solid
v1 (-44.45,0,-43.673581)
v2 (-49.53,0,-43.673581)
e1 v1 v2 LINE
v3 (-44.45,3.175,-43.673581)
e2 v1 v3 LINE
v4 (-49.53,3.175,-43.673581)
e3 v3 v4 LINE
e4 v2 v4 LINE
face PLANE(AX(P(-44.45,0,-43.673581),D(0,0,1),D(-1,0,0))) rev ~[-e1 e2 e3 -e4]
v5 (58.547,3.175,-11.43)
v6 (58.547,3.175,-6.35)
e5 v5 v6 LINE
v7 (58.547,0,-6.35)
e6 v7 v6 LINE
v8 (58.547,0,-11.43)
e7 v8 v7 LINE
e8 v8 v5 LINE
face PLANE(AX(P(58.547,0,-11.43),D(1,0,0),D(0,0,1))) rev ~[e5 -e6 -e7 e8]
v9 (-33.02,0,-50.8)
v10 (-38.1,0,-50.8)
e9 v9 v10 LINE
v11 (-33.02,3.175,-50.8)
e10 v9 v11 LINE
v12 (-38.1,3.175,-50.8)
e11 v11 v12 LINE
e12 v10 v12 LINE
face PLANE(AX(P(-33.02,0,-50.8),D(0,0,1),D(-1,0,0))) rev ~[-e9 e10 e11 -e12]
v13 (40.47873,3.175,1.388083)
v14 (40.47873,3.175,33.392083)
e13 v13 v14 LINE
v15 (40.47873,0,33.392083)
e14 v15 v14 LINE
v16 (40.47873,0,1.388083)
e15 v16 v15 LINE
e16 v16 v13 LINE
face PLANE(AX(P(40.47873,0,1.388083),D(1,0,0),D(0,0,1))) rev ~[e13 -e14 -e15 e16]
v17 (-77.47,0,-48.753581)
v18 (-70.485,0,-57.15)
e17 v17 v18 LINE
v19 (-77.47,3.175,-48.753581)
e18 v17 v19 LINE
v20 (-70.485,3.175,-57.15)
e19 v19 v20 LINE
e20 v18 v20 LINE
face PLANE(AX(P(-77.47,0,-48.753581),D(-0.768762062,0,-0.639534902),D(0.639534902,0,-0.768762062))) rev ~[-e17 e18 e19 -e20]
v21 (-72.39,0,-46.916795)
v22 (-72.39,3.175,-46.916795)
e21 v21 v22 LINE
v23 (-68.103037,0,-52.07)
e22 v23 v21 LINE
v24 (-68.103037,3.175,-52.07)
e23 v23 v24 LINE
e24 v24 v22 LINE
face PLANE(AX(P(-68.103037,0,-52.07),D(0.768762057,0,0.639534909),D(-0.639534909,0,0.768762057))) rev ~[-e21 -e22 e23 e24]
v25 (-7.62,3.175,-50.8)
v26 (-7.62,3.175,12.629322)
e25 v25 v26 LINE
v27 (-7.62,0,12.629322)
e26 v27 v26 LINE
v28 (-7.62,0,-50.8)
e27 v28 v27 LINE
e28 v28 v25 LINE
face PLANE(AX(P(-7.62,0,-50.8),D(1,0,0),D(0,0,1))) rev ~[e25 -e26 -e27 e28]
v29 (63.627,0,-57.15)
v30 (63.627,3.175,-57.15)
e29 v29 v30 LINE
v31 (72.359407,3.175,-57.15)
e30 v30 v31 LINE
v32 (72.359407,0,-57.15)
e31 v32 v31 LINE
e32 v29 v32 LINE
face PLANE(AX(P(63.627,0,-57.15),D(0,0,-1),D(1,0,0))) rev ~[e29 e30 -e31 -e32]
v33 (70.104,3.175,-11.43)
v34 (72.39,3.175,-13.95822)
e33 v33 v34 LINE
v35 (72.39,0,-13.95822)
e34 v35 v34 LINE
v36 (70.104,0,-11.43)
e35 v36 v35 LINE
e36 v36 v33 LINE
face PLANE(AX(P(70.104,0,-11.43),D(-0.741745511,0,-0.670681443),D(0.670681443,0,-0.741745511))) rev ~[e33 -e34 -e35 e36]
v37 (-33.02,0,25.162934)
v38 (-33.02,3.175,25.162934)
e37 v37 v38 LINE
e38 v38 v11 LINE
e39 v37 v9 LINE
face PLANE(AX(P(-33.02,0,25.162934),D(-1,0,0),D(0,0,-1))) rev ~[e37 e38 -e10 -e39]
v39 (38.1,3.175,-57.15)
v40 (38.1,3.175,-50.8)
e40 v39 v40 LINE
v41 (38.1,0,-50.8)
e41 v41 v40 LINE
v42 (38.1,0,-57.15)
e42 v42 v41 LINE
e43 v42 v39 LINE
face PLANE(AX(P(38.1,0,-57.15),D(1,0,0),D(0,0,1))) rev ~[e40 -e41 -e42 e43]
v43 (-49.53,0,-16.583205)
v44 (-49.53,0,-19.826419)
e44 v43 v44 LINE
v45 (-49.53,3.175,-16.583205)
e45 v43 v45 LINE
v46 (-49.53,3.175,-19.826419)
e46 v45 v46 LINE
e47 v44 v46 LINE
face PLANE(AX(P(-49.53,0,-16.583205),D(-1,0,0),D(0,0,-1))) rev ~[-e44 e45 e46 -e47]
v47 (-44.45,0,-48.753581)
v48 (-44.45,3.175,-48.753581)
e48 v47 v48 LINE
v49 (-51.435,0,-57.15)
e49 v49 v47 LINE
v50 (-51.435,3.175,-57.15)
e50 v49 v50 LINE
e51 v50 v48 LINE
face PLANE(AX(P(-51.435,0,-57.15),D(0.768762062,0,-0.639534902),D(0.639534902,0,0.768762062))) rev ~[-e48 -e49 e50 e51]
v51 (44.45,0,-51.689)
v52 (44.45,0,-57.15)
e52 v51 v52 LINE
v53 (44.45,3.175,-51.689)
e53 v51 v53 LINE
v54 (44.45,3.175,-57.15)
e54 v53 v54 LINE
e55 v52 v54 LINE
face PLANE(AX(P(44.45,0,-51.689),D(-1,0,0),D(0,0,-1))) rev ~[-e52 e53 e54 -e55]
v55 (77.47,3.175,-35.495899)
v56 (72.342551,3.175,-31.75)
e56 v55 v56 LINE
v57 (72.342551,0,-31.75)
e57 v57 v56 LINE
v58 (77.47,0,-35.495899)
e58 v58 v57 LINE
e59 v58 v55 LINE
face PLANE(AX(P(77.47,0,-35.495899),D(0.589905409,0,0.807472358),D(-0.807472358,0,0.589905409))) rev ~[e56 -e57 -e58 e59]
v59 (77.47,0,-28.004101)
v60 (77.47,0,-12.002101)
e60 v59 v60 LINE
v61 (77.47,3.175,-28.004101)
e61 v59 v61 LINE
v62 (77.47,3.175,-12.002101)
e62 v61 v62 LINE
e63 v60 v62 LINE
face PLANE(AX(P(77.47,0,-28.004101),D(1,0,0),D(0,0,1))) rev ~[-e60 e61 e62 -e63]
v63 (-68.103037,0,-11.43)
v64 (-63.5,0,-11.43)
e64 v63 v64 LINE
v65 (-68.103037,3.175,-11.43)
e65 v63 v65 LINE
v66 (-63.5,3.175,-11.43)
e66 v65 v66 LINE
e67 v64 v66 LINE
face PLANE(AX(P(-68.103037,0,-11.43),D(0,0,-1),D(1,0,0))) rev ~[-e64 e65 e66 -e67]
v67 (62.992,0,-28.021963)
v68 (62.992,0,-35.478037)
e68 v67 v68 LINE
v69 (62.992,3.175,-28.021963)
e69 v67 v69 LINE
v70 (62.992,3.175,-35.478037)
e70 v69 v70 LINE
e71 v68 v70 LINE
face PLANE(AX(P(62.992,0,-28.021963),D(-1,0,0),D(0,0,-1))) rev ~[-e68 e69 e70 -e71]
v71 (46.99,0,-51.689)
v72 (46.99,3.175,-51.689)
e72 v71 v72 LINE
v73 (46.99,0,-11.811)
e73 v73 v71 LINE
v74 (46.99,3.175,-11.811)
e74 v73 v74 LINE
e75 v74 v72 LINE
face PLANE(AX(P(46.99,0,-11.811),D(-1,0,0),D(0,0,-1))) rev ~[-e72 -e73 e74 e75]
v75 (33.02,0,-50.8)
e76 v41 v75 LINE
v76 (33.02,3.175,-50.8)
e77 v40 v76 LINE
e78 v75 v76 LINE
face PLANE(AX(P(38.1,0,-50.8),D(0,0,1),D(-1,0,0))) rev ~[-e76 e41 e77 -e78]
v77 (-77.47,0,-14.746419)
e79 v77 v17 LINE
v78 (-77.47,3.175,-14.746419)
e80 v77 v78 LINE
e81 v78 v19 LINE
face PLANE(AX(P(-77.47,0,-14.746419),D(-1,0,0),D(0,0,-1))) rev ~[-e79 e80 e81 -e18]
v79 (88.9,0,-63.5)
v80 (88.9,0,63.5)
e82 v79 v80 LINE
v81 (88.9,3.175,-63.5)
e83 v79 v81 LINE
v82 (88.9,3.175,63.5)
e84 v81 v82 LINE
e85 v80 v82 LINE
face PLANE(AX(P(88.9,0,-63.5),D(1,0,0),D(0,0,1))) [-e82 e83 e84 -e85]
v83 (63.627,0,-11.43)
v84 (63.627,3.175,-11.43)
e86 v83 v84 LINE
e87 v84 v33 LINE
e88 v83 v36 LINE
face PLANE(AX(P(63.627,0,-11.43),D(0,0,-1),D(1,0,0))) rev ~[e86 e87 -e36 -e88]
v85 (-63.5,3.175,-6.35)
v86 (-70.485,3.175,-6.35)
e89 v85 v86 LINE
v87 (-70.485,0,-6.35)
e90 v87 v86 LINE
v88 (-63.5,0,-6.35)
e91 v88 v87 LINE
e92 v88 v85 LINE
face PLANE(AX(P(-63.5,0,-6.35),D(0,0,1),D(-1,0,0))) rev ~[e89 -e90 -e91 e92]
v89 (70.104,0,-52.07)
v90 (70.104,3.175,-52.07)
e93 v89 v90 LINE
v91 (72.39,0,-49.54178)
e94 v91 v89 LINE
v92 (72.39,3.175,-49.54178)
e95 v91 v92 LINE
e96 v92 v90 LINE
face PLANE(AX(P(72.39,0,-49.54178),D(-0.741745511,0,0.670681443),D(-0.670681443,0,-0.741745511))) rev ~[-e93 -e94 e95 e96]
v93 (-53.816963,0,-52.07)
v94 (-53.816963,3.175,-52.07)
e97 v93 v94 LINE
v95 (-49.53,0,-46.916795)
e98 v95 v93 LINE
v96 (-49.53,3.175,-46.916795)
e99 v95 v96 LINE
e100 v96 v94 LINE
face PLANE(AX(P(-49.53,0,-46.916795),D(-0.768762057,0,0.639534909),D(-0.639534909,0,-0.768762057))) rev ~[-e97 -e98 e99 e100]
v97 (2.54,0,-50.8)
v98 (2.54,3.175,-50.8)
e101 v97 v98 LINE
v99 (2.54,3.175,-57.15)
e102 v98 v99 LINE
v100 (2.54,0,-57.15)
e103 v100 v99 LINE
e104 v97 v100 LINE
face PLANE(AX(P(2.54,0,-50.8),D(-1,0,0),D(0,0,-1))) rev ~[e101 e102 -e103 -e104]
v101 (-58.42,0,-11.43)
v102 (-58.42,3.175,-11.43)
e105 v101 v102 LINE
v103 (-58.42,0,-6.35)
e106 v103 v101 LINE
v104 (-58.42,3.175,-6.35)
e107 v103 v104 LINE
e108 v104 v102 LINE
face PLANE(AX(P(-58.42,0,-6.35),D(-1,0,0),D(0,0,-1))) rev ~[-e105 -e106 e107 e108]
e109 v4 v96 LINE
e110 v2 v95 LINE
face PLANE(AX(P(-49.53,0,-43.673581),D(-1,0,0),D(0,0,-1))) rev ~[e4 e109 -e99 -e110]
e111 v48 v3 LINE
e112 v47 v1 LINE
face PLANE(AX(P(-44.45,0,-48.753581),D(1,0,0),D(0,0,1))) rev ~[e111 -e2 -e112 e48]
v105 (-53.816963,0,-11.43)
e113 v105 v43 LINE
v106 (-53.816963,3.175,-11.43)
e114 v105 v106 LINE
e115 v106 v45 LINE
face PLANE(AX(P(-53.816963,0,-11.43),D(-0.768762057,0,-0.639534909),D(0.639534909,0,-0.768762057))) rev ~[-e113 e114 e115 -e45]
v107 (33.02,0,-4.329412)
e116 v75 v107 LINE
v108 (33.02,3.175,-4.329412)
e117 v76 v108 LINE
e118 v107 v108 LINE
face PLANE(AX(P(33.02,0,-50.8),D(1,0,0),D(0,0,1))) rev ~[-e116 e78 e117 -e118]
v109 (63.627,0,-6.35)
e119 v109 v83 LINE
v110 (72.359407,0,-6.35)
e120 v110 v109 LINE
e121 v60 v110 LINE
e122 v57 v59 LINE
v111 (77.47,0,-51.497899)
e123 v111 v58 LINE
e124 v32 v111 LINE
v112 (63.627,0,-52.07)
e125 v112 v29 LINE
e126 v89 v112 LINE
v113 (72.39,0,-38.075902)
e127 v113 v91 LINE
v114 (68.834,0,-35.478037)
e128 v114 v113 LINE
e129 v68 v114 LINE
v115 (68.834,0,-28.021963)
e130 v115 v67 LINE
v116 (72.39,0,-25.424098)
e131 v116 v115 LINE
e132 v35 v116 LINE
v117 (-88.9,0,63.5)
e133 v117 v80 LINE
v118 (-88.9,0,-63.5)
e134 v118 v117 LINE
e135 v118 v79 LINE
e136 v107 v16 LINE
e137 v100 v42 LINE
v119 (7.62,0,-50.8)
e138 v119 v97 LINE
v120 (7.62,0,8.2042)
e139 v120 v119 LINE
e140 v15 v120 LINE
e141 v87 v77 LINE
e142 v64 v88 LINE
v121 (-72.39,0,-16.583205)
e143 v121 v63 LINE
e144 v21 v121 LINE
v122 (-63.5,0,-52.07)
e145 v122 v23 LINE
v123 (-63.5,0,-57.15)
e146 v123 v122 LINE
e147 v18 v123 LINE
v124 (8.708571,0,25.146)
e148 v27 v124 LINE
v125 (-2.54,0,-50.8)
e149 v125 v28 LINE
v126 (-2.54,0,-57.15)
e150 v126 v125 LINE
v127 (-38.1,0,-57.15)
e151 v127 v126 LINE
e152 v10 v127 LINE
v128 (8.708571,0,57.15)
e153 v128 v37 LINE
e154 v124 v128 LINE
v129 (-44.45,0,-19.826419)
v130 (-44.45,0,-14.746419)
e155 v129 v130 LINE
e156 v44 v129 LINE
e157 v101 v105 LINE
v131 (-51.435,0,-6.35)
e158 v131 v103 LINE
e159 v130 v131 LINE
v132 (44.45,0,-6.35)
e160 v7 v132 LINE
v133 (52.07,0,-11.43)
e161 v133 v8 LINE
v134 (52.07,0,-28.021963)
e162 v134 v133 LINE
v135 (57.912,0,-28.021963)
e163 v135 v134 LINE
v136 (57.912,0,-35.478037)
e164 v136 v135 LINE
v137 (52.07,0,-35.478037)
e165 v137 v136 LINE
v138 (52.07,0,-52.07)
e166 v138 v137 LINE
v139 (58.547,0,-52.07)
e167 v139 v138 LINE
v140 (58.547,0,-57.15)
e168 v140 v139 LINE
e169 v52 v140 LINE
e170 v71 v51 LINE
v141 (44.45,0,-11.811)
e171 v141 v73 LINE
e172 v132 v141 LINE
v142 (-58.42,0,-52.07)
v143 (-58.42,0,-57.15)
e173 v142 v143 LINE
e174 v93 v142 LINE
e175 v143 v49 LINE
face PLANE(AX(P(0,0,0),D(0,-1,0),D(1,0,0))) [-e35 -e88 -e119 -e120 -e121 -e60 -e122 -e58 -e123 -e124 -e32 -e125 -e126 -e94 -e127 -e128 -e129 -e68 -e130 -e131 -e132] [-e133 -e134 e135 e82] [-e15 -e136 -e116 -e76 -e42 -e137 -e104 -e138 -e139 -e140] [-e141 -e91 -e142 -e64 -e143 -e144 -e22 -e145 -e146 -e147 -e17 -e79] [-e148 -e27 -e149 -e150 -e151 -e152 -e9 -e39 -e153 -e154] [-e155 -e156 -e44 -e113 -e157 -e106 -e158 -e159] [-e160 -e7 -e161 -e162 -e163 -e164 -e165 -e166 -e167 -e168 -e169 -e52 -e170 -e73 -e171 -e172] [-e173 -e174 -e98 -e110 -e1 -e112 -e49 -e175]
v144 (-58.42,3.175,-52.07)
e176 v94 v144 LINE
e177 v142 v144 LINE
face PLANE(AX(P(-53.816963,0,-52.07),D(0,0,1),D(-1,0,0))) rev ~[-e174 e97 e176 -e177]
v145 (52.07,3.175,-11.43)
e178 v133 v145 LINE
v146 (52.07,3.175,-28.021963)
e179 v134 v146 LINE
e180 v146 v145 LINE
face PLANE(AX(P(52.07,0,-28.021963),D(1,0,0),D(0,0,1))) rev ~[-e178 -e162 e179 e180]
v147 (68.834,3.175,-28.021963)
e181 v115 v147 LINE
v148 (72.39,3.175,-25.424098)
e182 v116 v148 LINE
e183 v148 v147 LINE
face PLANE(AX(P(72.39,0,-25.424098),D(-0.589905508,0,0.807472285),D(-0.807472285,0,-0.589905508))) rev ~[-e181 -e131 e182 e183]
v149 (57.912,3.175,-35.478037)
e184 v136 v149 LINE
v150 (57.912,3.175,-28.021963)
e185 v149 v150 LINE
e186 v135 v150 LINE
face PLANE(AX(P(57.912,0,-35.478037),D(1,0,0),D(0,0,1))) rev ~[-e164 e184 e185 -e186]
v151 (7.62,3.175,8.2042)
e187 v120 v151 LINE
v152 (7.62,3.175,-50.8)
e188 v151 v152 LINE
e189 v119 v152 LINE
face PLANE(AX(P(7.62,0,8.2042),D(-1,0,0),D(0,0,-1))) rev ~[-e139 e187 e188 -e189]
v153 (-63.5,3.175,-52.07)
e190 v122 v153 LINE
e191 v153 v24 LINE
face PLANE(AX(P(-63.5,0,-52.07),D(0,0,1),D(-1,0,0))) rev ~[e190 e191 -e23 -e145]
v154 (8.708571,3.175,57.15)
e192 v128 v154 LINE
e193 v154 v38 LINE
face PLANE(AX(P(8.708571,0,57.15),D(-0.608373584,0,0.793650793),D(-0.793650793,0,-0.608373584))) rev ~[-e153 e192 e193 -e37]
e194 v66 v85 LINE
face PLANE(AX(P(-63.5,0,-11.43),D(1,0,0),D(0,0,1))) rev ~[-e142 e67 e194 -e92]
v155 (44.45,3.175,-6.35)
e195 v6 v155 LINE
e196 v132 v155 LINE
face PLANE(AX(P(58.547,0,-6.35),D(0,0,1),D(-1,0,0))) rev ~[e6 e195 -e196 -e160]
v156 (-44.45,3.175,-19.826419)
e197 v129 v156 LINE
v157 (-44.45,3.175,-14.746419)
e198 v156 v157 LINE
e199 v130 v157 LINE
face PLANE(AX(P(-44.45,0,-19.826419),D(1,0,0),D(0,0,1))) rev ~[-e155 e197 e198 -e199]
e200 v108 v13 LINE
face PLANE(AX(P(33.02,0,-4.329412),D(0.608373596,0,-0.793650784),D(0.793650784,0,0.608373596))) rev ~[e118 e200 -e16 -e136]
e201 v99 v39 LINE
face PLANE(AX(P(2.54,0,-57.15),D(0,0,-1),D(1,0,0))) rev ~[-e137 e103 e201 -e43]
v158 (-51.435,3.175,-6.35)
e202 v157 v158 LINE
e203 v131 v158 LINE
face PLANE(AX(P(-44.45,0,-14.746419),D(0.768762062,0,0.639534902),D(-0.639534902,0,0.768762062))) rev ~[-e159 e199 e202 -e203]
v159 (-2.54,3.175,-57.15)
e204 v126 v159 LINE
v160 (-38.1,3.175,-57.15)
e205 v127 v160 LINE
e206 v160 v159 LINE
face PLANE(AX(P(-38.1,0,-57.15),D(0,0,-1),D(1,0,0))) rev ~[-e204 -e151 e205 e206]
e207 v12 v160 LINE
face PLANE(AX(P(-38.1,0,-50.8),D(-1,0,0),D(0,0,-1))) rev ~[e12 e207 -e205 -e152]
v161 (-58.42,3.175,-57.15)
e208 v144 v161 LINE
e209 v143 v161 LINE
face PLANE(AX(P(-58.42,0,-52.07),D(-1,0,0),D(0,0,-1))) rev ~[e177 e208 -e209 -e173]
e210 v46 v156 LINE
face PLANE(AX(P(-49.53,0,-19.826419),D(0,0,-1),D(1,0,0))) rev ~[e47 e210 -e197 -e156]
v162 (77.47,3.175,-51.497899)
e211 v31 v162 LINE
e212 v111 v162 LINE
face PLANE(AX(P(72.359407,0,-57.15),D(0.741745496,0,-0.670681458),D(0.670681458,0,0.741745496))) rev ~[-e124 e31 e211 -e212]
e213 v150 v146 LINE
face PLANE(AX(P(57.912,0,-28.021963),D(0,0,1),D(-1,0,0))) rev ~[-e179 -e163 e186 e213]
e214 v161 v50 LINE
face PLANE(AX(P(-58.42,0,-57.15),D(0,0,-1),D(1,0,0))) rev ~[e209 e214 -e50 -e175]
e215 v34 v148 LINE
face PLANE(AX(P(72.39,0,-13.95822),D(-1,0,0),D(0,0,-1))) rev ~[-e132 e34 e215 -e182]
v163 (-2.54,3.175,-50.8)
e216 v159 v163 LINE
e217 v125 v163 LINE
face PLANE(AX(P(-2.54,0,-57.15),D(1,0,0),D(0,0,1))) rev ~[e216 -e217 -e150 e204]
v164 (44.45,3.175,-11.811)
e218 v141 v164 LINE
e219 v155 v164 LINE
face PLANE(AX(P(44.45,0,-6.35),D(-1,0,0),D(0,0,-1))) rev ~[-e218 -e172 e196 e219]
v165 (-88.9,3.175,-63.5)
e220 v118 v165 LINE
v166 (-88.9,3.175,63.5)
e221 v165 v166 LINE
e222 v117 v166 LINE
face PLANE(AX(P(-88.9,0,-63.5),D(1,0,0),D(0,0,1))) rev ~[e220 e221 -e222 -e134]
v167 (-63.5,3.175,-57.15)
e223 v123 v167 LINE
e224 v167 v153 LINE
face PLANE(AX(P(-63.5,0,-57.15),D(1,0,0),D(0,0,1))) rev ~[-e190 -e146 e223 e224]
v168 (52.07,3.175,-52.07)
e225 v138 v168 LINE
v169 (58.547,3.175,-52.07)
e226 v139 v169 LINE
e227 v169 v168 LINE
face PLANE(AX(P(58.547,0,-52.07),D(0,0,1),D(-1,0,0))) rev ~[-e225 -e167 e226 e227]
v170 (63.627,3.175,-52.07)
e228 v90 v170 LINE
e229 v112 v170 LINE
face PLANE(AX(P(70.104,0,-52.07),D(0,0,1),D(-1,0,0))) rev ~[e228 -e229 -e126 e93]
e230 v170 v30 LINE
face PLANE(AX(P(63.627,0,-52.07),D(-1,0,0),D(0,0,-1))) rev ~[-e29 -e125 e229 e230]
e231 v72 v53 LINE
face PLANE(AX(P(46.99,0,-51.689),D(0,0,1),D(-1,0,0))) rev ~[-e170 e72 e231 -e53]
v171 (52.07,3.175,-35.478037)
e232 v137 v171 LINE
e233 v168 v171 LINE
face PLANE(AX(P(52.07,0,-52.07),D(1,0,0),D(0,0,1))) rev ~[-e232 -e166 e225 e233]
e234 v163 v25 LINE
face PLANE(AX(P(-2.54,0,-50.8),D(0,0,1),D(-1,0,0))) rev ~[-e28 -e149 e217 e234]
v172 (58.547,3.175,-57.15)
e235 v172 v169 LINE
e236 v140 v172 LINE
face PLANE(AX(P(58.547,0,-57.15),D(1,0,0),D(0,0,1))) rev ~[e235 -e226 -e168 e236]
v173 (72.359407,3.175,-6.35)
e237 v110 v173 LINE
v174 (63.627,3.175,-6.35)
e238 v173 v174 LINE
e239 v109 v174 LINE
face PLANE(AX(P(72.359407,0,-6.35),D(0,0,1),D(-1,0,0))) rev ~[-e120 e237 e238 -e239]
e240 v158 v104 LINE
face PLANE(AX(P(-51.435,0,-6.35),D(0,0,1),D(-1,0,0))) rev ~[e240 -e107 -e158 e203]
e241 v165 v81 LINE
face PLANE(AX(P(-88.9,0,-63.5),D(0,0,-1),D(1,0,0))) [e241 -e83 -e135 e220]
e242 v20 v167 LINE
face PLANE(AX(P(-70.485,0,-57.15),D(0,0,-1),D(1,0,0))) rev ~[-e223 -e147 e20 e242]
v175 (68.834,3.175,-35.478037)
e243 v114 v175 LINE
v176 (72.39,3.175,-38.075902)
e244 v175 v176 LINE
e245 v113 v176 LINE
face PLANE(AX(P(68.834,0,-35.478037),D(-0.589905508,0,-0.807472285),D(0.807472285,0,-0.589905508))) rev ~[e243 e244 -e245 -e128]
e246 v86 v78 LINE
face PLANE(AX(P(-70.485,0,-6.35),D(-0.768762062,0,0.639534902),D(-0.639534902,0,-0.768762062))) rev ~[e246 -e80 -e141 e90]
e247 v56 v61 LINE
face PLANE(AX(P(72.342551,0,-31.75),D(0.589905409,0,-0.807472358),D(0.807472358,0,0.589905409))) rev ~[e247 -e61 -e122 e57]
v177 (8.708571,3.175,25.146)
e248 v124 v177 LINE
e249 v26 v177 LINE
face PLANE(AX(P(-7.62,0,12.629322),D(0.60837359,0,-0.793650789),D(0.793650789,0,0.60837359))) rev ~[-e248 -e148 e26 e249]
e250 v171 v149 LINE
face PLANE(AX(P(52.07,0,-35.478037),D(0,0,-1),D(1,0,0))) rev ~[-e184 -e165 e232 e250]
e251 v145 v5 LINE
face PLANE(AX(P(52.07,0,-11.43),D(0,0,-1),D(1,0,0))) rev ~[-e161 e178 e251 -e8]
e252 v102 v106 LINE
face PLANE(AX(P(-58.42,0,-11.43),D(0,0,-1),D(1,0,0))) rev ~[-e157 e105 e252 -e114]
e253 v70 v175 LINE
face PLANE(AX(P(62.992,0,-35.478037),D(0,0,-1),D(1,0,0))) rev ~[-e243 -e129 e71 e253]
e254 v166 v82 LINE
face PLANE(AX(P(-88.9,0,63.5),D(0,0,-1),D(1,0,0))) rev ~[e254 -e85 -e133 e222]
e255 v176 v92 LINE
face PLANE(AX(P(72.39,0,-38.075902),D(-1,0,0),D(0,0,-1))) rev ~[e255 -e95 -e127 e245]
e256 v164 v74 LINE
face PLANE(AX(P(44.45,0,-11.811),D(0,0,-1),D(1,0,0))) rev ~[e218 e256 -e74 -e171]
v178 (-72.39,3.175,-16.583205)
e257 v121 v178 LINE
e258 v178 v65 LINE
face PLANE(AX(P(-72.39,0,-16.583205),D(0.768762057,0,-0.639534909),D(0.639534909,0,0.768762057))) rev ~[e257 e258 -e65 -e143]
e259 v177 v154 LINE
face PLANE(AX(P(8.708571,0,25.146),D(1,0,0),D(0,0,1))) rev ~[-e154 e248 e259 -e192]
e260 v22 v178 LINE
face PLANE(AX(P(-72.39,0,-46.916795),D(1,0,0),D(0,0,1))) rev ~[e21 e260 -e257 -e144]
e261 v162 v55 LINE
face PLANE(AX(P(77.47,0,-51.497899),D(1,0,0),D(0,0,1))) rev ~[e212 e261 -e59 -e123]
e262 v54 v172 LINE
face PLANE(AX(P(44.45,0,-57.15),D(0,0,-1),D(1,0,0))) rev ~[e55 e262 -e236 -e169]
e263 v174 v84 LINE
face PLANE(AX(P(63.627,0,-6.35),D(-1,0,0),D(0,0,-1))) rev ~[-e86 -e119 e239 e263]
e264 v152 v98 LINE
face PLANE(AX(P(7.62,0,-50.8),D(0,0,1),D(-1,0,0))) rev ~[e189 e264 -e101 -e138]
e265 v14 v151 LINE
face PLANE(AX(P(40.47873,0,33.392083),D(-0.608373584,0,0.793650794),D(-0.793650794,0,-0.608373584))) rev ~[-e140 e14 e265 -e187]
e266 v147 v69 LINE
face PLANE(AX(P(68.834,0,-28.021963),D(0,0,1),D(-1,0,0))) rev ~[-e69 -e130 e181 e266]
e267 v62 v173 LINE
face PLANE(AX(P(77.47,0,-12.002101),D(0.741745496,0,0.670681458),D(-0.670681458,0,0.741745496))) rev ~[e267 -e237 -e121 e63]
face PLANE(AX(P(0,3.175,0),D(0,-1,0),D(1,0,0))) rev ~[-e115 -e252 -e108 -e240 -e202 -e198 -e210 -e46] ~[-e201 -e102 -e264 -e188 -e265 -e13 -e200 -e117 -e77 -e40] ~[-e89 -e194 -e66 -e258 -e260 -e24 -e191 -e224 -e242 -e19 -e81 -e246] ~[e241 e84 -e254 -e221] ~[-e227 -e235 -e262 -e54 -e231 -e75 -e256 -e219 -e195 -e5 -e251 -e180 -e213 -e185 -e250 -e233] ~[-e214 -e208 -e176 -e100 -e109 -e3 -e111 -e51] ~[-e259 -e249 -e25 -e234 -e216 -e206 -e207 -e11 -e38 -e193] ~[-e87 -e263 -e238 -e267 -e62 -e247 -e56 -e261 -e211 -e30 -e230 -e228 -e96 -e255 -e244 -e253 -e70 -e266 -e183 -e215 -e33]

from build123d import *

# Parameters (mm, degrees)
F0_W     = 177.8
F0_H     = 127
F1_DEPTH = 3.175
F3_DEPTH = 3.175
F5_DEPTH = 3.175


with BuildPart() as f1:
    # F0 (on Front) → F1 (new body)
    with BuildSketch(Plane.XZ):
        Rectangle(F0_W, F0_H)
    extrude(amount=-F1_DEPTH)

    # F2 (on face) → F3 (cut, through all)
    with BuildSketch(Plane.XZ):
        Polygon((-38.1, -50.8), (-38.1, -57.15), (-2.54, -57.15), (-2.54, -50.8), (-7.62, -50.8), (-33.02, -50.8), align=None)
        Polygon((-33.02, 25.162934), (-33.02, -50.8), (-7.62, -50.8), (-7.62, 12.629322), (8.708571, 25.146), (8.708571, 57.15), align=None)
        Polygon((2.54, -57.15), (38.1, -57.15), (38.1, -50.8), (33.02, -50.8), (7.62, -50.8), (2.54, -50.8), align=None)
        Polygon((7.62, -50.8), (33.02, -50.8), (33.02, -4.329412), (40.47873, 1.388083), (40.47873, 33.392083), (7.62, 8.2042), align=None)
    extrude(amount=-F3_DEPTH, mode=Mode.SUBTRACT)

    # F4 (on face) → F5 (cut, through all)
    with BuildSketch(Plane.XZ):
        Polygon((-77.47, -14.746419), (-77.47, -31.75), (-77.47, -48.753581), (-70.485, -57.15), (-63.5, -57.15), (-63.5, -52.07), (-68.103037, -52.07), (-72.39, -46.916795), (-72.39, -31.75), (-72.39, -16.583205), (-68.103037, -11.43), (-63.5, -11.43), (-63.5, -6.35), (-70.485, -6.35), align=None)
        Polygon((-44.45, -14.746419), (-51.435, -6.35), (-58.42, -6.35), (-58.42, -11.43), (-53.816963, -11.43), (-49.53, -16.583205), (-49.53, -19.826419), (-44.45, -19.826419), align=None)
        Polygon((-58.42, -57.15), (-51.435, -57.15), (-44.45, -48.753581), (-44.45, -43.673581), (-49.53, -43.673581), (-49.53, -46.916795), (-53.816963, -52.07), (-58.42, -52.07), align=None)
        Polygon((58.547, -6.35), (44.45, -6.35), (44.45, -11.811), (46.99, -11.811), (46.99, -31.75), (46.99, -51.689), (44.45, -51.689), (44.45, -57.15), (58.547, -57.15), (58.547, -52.07), (52.07, -52.07), (52.07, -35.478037), (57.912, -35.478037), (57.912, -28.021963), (52.07, -28.021963), (52.07, -11.43), (58.547, -11.43), align=None)
        Polygon((77.47, -12.002101), (72.359407, -6.35), (63.627, -6.35), (63.627, -11.43), (70.104, -11.43), (72.39, -13.95822), (72.39, -25.424098), (68.834, -28.021963), (62.992, -28.021963), (62.992, -35.478037), (68.834, -35.478037), (72.39, -38.075902), (72.39, -49.54178), (70.104, -52.07), (63.627, -52.07), (63.627, -57.15), (72.359407, -57.15), (77.47, -51.497899), (77.47, -35.495899), (72.342551, -31.75), (77.47, -28.004101), align=None)
    extrude(amount=-F5_DEPTH, mode=Mode.SUBTRACT)


solid = f1.part
